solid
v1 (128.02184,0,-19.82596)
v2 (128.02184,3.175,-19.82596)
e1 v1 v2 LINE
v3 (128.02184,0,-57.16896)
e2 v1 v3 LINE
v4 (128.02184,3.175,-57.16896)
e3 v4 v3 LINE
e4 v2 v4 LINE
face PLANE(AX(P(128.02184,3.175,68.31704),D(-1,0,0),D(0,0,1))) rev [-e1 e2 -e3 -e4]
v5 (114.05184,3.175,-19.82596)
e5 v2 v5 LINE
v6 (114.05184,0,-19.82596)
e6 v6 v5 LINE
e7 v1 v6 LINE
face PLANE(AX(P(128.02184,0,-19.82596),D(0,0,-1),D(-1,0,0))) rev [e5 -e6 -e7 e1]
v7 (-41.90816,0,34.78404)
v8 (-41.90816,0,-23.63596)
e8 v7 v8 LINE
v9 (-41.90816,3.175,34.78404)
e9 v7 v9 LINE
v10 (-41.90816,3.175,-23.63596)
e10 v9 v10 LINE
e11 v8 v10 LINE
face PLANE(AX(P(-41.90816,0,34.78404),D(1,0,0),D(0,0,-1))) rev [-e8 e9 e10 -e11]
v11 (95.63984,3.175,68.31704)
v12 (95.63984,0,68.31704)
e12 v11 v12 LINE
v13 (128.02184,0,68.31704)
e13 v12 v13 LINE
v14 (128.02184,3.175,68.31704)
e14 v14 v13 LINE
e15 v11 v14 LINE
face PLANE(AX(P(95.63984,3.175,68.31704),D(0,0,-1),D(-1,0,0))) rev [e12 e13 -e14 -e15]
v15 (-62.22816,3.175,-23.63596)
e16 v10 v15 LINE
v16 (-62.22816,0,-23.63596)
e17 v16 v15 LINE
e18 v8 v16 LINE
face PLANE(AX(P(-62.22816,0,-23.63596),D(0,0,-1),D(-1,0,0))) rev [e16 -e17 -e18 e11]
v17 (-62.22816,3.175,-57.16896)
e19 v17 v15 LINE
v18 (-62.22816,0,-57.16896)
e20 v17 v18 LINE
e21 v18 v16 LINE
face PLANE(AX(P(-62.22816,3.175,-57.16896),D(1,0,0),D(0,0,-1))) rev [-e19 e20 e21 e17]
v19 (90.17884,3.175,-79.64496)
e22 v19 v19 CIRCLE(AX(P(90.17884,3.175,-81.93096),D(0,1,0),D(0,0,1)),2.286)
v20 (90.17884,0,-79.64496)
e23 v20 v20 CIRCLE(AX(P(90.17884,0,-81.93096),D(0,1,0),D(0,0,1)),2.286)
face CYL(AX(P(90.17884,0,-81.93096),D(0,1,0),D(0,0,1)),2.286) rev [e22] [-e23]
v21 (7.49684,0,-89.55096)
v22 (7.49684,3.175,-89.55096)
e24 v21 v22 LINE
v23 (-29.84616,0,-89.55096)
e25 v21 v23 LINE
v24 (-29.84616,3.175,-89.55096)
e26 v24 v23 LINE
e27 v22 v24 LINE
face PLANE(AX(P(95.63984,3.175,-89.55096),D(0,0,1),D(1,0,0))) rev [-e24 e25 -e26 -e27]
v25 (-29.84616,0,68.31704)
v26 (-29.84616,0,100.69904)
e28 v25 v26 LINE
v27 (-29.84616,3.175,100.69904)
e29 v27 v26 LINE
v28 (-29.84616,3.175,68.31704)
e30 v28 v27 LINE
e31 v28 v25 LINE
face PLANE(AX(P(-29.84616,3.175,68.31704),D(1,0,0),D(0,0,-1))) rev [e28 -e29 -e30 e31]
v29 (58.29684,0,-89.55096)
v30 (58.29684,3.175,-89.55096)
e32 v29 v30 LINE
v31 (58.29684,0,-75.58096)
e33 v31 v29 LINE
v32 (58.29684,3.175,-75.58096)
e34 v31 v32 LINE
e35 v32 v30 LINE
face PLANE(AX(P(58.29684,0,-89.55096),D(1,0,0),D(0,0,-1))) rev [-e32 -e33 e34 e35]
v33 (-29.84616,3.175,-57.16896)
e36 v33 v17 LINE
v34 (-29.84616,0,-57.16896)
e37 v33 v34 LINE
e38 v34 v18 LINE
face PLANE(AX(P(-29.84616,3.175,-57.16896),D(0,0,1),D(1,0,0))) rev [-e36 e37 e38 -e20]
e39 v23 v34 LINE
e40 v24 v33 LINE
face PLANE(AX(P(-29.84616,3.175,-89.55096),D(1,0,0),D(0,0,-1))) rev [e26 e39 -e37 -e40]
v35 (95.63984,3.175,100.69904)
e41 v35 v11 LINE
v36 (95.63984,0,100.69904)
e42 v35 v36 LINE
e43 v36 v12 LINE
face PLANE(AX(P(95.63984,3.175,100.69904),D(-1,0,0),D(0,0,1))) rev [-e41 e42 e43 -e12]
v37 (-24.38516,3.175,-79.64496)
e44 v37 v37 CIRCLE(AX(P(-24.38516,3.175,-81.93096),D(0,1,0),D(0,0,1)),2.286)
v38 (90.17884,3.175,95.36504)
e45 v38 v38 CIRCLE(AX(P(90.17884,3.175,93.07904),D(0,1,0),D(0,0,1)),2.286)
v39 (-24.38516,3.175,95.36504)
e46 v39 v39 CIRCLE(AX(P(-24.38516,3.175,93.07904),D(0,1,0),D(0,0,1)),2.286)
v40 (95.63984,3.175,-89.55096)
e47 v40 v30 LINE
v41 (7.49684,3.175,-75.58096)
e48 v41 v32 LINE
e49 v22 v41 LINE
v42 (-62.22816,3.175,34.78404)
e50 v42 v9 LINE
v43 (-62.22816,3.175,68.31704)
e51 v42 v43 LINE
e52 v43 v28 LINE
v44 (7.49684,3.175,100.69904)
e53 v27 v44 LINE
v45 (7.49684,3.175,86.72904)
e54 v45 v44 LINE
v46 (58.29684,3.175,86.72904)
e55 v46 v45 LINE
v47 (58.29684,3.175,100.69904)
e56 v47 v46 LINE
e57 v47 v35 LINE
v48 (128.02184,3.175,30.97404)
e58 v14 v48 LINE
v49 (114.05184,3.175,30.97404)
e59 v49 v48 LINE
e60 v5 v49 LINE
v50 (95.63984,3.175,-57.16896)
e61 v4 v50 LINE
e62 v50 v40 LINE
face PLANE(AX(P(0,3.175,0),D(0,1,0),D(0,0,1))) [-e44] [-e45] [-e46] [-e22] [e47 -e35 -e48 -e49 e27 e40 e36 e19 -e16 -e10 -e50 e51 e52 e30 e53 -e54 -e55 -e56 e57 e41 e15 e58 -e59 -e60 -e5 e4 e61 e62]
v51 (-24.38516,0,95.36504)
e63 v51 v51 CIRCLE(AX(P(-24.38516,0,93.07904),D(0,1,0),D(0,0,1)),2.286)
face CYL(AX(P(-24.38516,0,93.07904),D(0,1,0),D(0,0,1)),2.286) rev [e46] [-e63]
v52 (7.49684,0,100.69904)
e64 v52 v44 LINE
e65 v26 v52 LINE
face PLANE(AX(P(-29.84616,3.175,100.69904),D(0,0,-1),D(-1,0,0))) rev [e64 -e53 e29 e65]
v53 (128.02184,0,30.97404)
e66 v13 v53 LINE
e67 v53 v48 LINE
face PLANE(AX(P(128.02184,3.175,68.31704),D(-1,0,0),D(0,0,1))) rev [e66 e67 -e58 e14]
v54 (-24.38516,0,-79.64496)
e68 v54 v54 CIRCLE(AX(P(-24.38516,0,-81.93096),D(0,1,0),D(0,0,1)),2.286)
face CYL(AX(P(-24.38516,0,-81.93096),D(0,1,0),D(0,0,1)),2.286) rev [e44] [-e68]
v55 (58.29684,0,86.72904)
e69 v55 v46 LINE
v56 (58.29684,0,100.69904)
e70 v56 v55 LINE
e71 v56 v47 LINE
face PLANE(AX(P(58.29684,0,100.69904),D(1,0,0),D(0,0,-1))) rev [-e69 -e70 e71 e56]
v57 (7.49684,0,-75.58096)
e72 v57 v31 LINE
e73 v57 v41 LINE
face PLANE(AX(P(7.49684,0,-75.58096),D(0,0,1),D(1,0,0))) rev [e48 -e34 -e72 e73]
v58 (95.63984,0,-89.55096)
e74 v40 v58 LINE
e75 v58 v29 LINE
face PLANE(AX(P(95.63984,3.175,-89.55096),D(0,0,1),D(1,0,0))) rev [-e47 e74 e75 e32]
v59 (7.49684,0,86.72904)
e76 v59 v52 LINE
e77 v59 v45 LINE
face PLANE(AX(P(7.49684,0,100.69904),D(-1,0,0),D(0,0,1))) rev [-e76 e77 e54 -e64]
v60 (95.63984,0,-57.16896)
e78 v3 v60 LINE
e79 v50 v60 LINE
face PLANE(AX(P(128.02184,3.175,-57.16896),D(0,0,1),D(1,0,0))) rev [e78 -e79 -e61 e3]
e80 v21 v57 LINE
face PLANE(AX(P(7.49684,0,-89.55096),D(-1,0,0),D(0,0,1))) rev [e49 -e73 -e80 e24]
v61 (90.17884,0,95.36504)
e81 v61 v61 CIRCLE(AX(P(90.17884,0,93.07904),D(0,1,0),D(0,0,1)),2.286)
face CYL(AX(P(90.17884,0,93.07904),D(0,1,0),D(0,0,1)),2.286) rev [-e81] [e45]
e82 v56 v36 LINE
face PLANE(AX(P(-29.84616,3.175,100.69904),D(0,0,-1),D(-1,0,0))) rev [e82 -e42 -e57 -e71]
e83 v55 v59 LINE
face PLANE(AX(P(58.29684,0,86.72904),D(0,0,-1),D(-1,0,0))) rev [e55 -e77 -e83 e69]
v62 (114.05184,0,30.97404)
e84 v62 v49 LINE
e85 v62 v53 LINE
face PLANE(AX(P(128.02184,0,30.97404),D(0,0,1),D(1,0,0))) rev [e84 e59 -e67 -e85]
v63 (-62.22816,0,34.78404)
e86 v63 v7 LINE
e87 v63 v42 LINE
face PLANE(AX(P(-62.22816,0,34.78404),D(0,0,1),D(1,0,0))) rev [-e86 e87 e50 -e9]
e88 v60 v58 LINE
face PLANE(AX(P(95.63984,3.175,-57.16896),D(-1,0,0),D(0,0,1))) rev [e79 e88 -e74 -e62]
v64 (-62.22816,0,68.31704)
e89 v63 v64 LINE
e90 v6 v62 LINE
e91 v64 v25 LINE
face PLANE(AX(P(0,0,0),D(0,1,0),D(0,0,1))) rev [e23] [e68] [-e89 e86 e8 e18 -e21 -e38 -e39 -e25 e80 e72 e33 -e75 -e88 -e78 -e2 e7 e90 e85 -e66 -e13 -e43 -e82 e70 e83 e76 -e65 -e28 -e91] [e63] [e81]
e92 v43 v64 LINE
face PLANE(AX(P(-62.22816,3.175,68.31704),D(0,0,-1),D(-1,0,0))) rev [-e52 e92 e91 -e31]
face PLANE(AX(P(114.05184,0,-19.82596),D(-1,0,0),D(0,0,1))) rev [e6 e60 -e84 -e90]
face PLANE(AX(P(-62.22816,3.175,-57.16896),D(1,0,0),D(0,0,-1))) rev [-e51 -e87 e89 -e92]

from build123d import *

# Parameters (mm, degrees)
BOSS_EXTRUDE1_DEPTH = 3.175
SKETCH2_R           = 2.286
CUT_EXTRUDE1_DEPTH  = 4.175
SKETCH3_W           = 20.32
SKETCH3_H           = 58.42
SKETCH3_W_2         = 50.8
SKETCH3_H_2         = 13.97
SKETCH3_W_3         = 13.97
SKETCH3_H_3         = 50.8
CUT_EXTRUDE2_DEPTH  = 4.175


with BuildPart() as part:
    # Sketch1 → Boss-Extrude1 (new body)
    with BuildSketch(Plane(origin=(0, 0, 0), x_dir=(1, 0, 0), z_dir=(0, 1, 0))):
        Polygon((-62.22816, -68.31704), (-29.84616, -68.31704), (-29.84616, -100.69904), (95.63984, -100.69904), (95.63984, -68.31704), (128.02184, -68.31704), (128.02184, 57.16896), (95.63984, 57.16896), (95.63984, 89.55096), (-29.84616, 89.55096), (-29.84616, 57.16896), (-62.22816, 57.16896), align=None)
    extrude(amount=BOSS_EXTRUDE1_DEPTH)

    # Sketch2 → Cut-Extrude1 (cut, through all)
    with BuildSketch(Plane(origin=(0, 3.175, 0), x_dir=(1, 0, 0), z_dir=(0, 1, 0))):
        with Locations((-24.38516, 81.93096)):
            Circle(SKETCH2_R)
        with Locations((90.17884, 81.93096)):
            Circle(SKETCH2_R)
        with Locations((90.17884, -93.07904)):
            Circle(SKETCH2_R)
        with Locations((-24.38516, -93.07904)):
            Circle(SKETCH2_R)
    extrude(amount=-CUT_EXTRUDE1_DEPTH, mode=Mode.SUBTRACT)

    # Sketch3 → Cut-Extrude2 (cut, through all)
    with BuildSketch(Plane(origin=(0, 3.175, 0), x_dir=(1, 0, 0), z_dir=(0, 1, 0))):
        with Locations((-52.06816, -5.57404)):
            Rectangle(SKETCH3_W, SKETCH3_H)
        with Locations((32.89684, 82.56596)):
            Rectangle(SKETCH3_W_2, SKETCH3_H_2)
        with Locations((121.03684, -5.57404)):
            Rectangle(SKETCH3_W_3, SKETCH3_H_3)
        with Locations((32.89684, -93.71404)):
            Rectangle(SKETCH3_W_2, SKETCH3_H_2)
    extrude(amount=-CUT_EXTRUDE2_DEPTH, mode=Mode.SUBTRACT)


solid = part.part
